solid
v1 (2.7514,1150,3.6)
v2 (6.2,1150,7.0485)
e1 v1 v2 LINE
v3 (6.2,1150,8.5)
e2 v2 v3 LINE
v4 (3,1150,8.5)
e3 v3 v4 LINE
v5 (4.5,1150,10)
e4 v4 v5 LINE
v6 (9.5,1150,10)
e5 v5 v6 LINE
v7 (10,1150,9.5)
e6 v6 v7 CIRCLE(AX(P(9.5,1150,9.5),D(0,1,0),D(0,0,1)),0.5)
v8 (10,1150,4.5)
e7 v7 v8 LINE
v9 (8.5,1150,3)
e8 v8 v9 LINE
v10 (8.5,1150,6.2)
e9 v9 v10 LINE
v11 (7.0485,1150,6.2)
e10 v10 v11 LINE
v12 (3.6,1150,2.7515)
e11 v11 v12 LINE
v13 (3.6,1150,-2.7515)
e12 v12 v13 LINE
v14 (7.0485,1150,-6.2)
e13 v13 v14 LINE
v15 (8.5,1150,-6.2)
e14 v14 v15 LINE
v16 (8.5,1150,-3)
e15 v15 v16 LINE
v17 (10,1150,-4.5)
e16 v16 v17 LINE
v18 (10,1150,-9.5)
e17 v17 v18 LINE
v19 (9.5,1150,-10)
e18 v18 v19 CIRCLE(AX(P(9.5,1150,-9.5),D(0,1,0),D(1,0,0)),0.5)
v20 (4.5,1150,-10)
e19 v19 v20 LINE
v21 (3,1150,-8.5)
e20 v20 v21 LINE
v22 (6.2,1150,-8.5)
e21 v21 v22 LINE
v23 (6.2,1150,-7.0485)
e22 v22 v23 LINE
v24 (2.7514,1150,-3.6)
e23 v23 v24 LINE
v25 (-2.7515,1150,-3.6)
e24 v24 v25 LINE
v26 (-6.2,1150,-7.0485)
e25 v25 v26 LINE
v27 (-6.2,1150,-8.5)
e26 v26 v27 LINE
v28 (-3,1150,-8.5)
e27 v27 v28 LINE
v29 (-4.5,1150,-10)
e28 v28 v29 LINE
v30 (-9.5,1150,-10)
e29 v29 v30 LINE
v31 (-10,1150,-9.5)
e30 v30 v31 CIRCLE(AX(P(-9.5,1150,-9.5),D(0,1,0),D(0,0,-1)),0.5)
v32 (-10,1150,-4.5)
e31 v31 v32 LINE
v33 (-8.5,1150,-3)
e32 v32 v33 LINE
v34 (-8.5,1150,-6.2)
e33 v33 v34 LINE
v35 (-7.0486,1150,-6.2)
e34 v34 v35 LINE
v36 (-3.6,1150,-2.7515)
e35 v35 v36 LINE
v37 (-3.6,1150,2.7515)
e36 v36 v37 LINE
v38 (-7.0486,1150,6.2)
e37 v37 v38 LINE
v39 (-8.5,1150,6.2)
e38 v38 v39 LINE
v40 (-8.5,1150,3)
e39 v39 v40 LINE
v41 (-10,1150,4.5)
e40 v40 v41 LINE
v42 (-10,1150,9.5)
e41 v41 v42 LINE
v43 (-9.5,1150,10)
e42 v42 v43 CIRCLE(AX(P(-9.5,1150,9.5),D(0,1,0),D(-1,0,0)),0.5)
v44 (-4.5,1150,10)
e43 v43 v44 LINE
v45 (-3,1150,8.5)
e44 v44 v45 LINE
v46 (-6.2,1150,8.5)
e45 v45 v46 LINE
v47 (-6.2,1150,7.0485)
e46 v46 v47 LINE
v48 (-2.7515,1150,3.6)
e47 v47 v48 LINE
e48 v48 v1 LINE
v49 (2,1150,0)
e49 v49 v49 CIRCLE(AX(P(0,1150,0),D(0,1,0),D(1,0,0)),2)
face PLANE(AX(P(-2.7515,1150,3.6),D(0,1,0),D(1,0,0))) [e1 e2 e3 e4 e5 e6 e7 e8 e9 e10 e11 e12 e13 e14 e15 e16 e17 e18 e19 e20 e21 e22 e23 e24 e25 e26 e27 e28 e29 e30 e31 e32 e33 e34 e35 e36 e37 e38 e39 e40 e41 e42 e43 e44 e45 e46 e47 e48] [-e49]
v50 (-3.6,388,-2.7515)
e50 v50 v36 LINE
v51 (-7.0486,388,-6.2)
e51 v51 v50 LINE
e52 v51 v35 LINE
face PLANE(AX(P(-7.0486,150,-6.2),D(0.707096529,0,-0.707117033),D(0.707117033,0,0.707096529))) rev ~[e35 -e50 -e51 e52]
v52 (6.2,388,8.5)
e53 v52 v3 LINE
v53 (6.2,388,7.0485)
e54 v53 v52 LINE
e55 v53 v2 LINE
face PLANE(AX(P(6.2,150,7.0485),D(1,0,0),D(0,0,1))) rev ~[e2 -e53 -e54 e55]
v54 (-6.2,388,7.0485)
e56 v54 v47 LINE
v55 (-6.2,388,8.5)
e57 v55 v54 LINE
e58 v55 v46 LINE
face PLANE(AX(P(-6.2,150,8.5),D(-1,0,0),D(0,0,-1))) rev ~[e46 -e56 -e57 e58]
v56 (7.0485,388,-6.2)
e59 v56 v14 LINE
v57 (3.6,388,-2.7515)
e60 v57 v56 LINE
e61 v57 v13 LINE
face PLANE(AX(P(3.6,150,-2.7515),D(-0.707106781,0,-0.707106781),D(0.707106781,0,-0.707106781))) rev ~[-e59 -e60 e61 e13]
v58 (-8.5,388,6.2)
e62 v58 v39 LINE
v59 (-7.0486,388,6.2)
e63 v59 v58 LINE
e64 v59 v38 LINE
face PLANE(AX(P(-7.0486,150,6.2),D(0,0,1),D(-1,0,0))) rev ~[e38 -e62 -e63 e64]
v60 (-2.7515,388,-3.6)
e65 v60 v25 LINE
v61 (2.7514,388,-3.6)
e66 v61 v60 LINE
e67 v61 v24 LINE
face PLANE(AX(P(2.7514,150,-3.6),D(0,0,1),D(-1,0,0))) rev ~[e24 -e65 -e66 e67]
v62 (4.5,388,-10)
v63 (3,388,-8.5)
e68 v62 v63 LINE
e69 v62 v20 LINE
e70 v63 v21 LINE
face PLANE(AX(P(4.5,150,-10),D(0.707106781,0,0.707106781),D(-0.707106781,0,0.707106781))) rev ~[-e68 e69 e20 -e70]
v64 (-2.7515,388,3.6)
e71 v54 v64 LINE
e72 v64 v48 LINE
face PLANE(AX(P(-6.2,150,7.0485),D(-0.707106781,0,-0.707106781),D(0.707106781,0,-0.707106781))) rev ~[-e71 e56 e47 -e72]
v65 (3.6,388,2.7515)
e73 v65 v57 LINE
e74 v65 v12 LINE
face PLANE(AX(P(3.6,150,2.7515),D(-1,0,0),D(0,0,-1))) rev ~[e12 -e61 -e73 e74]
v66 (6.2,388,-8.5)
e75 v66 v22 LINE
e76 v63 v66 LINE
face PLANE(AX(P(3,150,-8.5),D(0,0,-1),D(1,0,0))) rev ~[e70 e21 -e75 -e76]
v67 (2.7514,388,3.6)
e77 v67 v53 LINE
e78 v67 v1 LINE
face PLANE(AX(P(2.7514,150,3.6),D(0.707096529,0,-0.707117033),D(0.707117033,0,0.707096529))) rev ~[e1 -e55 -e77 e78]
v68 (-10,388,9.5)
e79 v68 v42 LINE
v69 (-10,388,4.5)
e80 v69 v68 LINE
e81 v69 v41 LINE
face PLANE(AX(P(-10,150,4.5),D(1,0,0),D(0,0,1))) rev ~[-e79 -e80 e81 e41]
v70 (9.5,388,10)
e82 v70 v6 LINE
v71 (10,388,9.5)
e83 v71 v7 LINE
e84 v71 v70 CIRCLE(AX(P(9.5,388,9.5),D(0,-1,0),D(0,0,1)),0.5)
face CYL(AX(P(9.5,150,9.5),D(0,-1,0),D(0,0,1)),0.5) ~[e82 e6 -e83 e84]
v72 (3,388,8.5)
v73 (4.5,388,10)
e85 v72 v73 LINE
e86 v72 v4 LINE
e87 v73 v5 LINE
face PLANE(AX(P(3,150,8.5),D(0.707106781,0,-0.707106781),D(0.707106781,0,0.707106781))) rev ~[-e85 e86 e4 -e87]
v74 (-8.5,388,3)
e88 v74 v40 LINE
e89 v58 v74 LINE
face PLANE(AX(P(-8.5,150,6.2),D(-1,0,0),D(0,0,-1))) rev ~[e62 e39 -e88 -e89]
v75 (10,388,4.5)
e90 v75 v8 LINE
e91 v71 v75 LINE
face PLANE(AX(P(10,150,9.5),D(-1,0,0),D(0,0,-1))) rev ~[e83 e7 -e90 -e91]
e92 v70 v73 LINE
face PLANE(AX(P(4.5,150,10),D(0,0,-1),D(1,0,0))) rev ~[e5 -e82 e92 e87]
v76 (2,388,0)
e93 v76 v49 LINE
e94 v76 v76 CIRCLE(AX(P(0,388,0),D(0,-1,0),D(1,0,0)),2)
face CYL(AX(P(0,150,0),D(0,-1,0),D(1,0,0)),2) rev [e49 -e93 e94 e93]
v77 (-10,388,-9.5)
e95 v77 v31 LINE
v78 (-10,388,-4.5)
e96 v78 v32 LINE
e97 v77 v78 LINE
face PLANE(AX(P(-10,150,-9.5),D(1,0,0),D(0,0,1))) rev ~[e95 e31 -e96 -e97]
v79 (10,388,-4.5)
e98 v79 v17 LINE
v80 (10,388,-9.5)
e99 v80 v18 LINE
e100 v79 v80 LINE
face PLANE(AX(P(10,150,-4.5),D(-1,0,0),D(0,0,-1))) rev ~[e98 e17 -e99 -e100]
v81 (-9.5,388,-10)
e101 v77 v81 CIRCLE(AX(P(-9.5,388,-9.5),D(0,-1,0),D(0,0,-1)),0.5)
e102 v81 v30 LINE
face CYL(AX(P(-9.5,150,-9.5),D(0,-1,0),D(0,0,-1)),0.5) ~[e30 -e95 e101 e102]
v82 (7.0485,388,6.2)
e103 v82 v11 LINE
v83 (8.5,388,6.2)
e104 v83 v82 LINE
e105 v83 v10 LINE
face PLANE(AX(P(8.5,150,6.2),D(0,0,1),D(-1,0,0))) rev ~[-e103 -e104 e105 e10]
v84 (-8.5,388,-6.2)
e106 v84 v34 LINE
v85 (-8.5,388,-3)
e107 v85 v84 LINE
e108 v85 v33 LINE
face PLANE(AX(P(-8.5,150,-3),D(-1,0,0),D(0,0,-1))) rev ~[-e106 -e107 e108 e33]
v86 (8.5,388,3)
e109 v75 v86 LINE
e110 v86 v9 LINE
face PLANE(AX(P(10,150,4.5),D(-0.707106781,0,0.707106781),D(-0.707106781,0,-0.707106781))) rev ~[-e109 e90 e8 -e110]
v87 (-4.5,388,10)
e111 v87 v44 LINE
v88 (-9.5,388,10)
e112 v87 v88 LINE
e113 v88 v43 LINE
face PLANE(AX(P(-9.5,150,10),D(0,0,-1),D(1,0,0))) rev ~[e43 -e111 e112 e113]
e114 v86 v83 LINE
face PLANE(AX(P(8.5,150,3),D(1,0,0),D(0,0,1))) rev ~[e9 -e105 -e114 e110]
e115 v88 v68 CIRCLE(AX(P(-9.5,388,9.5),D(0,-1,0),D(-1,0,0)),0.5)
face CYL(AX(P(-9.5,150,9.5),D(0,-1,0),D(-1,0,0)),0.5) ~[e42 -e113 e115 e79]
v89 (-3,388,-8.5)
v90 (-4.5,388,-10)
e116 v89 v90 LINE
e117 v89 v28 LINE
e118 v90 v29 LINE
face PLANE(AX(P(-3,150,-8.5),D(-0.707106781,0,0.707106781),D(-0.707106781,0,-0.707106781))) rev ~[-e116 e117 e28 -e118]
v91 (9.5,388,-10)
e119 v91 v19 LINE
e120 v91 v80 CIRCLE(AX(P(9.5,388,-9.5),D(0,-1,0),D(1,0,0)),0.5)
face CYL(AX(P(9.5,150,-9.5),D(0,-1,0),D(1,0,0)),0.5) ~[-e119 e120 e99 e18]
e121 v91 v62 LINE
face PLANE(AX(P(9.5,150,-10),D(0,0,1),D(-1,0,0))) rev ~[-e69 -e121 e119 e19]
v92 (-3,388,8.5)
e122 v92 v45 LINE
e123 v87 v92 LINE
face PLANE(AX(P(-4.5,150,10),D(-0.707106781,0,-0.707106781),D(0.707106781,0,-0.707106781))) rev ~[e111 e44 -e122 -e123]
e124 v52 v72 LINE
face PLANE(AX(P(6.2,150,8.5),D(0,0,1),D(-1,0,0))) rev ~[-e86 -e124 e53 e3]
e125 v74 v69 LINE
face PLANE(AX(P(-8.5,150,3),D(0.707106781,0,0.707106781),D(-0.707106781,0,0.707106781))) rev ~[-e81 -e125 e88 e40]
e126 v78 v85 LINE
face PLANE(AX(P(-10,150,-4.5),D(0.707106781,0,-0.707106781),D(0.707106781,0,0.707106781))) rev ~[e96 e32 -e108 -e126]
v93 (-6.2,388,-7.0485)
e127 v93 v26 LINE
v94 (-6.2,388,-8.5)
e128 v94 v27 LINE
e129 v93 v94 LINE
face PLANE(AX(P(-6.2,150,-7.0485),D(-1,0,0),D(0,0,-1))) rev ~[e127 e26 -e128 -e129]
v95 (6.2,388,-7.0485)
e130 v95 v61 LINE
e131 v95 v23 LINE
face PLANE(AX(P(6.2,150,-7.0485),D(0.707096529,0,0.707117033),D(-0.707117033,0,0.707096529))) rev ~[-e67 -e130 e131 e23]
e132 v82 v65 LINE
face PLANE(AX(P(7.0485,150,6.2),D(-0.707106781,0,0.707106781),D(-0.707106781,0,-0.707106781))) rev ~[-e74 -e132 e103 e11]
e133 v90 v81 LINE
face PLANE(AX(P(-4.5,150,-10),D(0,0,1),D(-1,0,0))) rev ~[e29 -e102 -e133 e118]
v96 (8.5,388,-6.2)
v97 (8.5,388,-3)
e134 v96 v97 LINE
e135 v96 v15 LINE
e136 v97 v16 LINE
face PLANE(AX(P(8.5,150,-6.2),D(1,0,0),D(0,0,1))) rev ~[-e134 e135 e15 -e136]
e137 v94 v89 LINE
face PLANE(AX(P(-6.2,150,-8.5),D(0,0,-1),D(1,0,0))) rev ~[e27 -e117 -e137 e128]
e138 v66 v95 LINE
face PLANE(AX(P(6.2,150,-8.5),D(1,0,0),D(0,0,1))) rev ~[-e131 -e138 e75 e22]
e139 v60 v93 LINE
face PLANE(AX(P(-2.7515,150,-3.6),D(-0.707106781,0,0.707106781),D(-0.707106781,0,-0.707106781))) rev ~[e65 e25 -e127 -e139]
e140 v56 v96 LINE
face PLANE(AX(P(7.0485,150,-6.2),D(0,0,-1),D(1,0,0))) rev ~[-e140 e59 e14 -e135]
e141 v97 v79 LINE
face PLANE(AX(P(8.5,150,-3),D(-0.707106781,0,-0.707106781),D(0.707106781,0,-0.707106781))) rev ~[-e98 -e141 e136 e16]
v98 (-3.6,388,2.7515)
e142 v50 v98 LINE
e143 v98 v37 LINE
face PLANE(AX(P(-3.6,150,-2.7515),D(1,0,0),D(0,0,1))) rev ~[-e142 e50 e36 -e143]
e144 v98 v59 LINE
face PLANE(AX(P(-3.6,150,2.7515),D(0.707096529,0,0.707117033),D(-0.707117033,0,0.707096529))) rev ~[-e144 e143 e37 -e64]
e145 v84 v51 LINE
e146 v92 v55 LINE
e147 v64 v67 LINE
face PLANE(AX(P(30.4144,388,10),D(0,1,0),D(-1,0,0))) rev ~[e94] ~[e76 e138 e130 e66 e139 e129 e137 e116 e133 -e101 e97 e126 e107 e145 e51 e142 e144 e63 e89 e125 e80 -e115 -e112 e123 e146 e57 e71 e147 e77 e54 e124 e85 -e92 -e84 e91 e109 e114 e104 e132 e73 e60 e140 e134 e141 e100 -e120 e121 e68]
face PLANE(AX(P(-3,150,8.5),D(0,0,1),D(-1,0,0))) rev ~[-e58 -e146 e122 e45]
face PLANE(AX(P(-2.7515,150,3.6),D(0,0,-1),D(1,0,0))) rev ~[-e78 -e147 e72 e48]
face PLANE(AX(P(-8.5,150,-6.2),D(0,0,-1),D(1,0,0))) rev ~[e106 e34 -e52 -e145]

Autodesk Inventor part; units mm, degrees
ref_plane "YZ Plane" through (0, 0, 0) normal (1, 0, 0) x (0, 1, 0)
ref_plane "XZ Plane" through (0, 0, 0) normal (0, 1, 0) x (-1, 0, 0)
ref_plane "Work Plane1" through (-2.7515, 150, 3.6) normal (0, 1, 0) x (1, 0, 0)
sketch "Sketch1" plane through (-2.7515, 150, 3.6) normal (0, 1, 0) x (1, 0, 0)
  arc A0 (-6.7485, 13.6) -> (-7.2485, 13.1) centre (-6.7485, 13.1) ccw projected
  line L0 (-7.2485, 13.1) -> (-7.2485, 8.1) projected
  line L1 (-7.2485, 8.1) -> (-5.7485, 6.6) projected
  line L2 (-5.7485, 6.6) -> (-5.7485, 9.8) projected
  line L3 (-5.7485, 9.8) -> (-4.2971, 9.8) projected
  line L4 (-4.2971, 9.8) -> (-0.8485, 6.3515) projected
  line L5 (-0.8485, 6.3515) -> (-0.8485, 0.8485) projected
  line L6 (-0.8485, 0.8485) -> (-4.2971, -2.6) projected
  line L7 (-4.2971, -2.6) -> (-5.7485, -2.6) projected
  line L8 (-5.7485, -2.6) -> (-5.7485, 0.6) projected
  line L9 (-5.7485, 0.6) -> (-7.2485, -0.9) projected
  line L10 (-7.2485, -0.9) -> (-7.2485, -5.9) projected
  arc A1 (-7.2485, -5.9) -> (-6.7485, -6.4) centre (-6.7485, -5.9) ccw projected
  line L11 (-6.7485, -6.4) -> (-1.7485, -6.4) projected
  line L12 (-1.7485, -6.4) -> (-0.2485, -4.9) projected
  line L13 (-0.2485, -4.9) -> (-3.4485, -4.9) projected
  line L14 (-3.4485, -4.9) -> (-3.4485, -3.4485) projected
  line L15 (-3.4485, -3.4485) -> (0, 0) projected
  line L16 (0, 0) -> (5.5029, 0) projected
  line L17 (5.5029, 0) -> (8.9515, -3.4485) projected
  line L18 (8.9515, -3.4485) -> (8.9515, -4.9) projected
  line L19 (8.9515, -4.9) -> (5.7515, -4.9) projected
  line L20 (5.7515, -4.9) -> (7.2515, -6.4) projected
  line L21 (7.2515, -6.4) -> (12.2515, -6.4) projected
  arc A2 (12.2515, -6.4) -> (12.7515, -5.9) centre (12.2515, -5.9) ccw projected
  line L22 (12.7515, -5.9) -> (12.7515, -0.9) projected
  line L23 (12.7515, -0.9) -> (11.2515, 0.6) projected
  line L24 (11.2515, 0.6) -> (11.2515, -2.6) projected
  line L25 (11.2515, -2.6) -> (9.8, -2.6) projected
  line L26 (9.8, -2.6) -> (6.3515, 0.8485) projected
  line L27 (6.3515, 0.8485) -> (6.3515, 6.3515) projected
  line L28 (6.3515, 6.3515) -> (9.8, 9.8) projected
  line L29 (9.8, 9.8) -> (11.2515, 9.8) projected
  line L30 (11.2515, 9.8) -> (11.2515, 6.6) projected
  line L31 (11.2515, 6.6) -> (12.7515, 8.1) projected
  line L32 (12.7515, 8.1) -> (12.7515, 13.1) projected
  arc A3 (12.7515, 13.1) -> (12.2515, 13.6) centre (12.2515, 13.1) ccw projected
  line L33 (12.2515, 13.6) -> (7.2515, 13.6) projected
  line L34 (7.2515, 13.6) -> (5.7515, 12.1) projected
  line L35 (5.7515, 12.1) -> (8.9515, 12.1) projected
  line L36 (8.9515, 12.1) -> (8.9515, 10.6485) projected
  line L37 (8.9515, 10.6485) -> (5.5029, 7.2) projected
  line L38 (5.5029, 7.2) -> (0, 7.2) projected
  line L39 (0, 7.2) -> (-3.4485, 10.6485) projected
  line L40 (-3.4485, 10.6485) -> (-3.4485, 12.1) projected
  line L41 (-3.4485, 12.1) -> (-0.2485, 12.1) projected
  line L42 (-0.2485, 12.1) -> (-1.7485, 13.6) projected
  line L43 (-1.7485, 13.6) -> (-6.7485, 13.6) projected
  circle A4 centre (2.7515, 3.6) radius 2 projected
extrude "Extrusion1" add sketch "Sketch1" along normal blind 1000
ref_plane "Work Plane2" through (0, 150, -9.5) normal (1, 0, 0) x (0, 0, -1)
ref_plane "Work Plane3" through (-4.5, 150, 0) normal (0, 0, 1) x (1, 0, 0)
sketch "Sketch2" plane through (-4.5, 150, 10) normal (0, 0, 1) x (1, 0, 0)
  line L0 (-15.8485, 0) -> (34.9144, 0)
  line L1 (34.9144, 0) -> (34.9144, 238)
  line L2 (34.9144, 238) -> (-15.8485, 238)
  line L3 (-15.8485, 238) -> (-15.8485, 0)
  line L4 (9, 0) -> (14, 0) projected
  point P0 (4.5, -150)
  dimension "d2" = 0
  dimension "d3" = 238
extrude "Extrusion2" cut sketch "Sketch2" against normal through all
properties part number "20x20mmx150mm alminum profile" material "Aluminum 6061"
